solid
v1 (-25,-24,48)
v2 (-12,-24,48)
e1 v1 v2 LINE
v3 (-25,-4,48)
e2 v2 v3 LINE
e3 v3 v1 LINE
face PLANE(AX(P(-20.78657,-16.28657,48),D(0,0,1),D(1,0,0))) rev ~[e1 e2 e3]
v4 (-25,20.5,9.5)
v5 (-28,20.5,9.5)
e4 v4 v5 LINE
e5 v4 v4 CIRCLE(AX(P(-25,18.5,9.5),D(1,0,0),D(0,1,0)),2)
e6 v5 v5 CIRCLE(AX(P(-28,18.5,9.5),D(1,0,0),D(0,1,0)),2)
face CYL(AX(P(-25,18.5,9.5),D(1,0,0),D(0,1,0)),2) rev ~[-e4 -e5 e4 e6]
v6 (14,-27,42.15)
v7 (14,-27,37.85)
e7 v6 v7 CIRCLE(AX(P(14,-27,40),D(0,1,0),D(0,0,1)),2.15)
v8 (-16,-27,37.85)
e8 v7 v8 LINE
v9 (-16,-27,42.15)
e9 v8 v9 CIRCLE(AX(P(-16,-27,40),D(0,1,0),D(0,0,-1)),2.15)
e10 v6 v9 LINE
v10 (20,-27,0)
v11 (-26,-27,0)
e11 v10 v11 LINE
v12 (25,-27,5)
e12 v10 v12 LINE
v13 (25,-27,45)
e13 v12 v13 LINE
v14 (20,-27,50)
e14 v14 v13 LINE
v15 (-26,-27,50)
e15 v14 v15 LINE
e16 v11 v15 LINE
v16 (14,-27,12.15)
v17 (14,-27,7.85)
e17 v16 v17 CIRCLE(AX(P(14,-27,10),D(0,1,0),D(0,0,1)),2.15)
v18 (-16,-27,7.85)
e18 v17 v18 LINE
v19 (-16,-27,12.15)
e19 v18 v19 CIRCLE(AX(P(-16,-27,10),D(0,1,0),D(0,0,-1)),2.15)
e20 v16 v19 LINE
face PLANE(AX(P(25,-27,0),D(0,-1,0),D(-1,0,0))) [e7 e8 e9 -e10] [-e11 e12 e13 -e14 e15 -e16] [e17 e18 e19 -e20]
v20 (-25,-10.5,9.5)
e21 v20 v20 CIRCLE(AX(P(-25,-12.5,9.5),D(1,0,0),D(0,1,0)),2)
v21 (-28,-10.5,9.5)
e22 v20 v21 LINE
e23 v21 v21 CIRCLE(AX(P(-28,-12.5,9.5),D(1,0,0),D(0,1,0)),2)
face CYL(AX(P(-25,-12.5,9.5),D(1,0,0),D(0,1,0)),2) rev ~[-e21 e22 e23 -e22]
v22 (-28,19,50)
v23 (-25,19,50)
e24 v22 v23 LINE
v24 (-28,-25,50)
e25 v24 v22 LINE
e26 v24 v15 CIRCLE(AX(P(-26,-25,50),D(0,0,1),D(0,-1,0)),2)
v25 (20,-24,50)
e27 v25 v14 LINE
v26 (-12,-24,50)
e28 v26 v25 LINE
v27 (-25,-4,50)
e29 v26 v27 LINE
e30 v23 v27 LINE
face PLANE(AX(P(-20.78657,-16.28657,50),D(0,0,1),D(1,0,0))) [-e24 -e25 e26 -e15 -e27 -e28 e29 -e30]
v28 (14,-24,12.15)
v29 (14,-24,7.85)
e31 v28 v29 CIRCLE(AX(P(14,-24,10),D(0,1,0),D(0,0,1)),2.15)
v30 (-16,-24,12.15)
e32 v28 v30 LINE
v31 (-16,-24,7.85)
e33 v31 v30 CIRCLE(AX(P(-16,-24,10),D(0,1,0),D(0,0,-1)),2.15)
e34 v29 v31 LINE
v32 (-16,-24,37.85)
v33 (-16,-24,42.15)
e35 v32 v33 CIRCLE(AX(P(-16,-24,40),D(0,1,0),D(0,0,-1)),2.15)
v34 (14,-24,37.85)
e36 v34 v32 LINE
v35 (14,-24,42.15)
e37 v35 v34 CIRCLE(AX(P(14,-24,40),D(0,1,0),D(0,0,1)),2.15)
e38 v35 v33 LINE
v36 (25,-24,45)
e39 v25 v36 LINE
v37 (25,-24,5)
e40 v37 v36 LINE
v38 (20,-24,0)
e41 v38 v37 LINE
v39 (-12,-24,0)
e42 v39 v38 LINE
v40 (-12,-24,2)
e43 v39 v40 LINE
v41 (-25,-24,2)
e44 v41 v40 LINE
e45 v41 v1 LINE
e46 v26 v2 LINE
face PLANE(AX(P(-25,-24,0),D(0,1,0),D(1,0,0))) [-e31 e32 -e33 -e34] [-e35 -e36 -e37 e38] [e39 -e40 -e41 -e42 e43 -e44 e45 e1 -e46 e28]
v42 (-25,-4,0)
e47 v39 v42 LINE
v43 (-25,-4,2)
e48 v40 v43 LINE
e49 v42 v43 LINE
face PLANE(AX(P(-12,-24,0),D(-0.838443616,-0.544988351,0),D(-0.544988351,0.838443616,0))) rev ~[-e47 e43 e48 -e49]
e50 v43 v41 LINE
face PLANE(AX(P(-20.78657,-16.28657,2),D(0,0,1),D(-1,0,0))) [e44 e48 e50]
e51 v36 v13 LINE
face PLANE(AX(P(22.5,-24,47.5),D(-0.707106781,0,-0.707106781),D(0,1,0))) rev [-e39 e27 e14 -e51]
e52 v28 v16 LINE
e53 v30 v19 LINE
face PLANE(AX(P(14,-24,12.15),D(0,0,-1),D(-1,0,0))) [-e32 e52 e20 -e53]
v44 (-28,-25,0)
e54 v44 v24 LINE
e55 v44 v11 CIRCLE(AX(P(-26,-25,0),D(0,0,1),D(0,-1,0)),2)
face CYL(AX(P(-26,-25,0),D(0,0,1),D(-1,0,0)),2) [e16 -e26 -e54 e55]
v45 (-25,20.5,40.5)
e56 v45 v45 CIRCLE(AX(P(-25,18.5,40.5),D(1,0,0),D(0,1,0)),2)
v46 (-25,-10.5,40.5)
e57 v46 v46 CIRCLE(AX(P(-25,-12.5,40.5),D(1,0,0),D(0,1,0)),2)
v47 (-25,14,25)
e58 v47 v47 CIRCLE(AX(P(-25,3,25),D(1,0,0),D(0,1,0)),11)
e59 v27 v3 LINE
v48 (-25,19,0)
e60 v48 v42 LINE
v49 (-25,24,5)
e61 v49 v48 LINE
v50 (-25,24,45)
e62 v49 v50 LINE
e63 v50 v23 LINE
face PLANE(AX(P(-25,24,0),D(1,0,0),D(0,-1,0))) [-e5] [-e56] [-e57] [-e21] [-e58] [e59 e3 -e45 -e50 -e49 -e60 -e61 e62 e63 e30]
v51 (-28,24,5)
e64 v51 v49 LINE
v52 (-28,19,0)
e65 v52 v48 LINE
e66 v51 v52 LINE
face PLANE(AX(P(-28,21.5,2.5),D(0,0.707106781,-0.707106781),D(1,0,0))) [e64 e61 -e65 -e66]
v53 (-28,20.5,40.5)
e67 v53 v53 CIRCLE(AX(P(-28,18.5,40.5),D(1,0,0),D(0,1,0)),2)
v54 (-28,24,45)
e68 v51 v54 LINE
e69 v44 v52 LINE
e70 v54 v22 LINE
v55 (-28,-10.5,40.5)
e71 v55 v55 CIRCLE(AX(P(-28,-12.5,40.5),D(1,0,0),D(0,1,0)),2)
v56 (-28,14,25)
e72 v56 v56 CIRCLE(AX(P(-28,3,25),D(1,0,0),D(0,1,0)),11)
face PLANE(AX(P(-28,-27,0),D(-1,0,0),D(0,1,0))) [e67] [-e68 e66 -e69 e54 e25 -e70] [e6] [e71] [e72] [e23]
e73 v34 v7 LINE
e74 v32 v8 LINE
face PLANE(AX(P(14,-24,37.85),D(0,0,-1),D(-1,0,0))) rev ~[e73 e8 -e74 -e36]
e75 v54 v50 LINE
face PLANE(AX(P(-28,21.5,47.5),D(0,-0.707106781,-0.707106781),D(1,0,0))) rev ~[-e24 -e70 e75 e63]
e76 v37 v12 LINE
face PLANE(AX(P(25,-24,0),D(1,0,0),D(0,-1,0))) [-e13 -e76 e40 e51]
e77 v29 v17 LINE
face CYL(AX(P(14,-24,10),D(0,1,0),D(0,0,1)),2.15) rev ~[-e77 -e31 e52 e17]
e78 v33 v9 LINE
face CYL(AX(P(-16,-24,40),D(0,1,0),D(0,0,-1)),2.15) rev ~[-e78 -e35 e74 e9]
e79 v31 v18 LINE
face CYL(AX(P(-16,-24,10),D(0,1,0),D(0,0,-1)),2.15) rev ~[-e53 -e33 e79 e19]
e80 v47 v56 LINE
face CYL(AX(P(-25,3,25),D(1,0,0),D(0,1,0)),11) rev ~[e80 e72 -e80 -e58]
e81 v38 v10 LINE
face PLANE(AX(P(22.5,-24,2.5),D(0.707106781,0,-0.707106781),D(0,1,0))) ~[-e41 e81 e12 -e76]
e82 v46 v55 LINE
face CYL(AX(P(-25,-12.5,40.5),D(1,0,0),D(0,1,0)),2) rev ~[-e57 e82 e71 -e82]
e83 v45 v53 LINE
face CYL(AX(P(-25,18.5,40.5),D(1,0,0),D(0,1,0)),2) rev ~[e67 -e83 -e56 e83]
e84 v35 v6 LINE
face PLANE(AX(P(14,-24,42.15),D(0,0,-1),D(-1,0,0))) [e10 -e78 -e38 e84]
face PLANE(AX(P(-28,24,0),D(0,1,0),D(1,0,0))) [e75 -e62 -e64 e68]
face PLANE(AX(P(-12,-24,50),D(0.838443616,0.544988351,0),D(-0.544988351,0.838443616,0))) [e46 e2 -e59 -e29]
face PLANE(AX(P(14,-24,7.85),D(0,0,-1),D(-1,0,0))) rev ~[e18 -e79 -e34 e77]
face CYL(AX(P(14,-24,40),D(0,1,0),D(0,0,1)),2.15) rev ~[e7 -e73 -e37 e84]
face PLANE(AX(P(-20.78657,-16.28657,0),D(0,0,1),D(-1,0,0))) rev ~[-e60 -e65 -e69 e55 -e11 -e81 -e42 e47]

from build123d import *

# Parameters (mm, degrees)
PAD_DEPTH       = 50
SKETCH001_R     = 11
SKETCH001_R_2   = 2
POCKET_DEPTH    = 3
POCKET001_DEPTH = 3
CHAMFER_SIZE    = 5
FILLET_R        = 2
PAD001_DEPTH    = 2
PAD002_DEPTH    = 2


with BuildPart() as part:
    # Sketch → Pad (new body)
    with BuildSketch(Plane.XY):
        Polygon((-28, 24), (-25, 24), (-25, -24), (25, -24), (25, -27), (-28, -27), align=None)
    extrude(amount=PAD_DEPTH)

    # Sketch001 (on Face2 of Pad) → Pocket (cut)
    with BuildSketch(Plane.YZ.offset(-25)):
        with Locations((3, 25)):
            Circle(SKETCH001_R)
        with Locations((-12.5, 40.5)):
            Circle(SKETCH001_R_2)
        with Locations((18.5, 40.5)):
            Circle(SKETCH001_R_2)
        with Locations((-12.5, 9.5)):
            Circle(SKETCH001_R_2)
        with Locations((18.5, 9.5)):
            Circle(SKETCH001_R_2)
    extrude(amount=-POCKET_DEPTH, mode=Mode.SUBTRACT)

    # Sketch002 (on Face12 of Pocket) → Pocket001 (cut)
    with BuildSketch(Plane(origin=(0, -24, 0), x_dir=(-1, 0, 0), z_dir=(0, 1, 0))):
        with BuildLine():
            ThreePointArc((-14, 42.15), (-16.15, 40), (-14, 37.85))
            Line((-14, 37.85), (16, 37.85))
            ThreePointArc((16, 37.85), (18.15, 40), (16, 42.15))
            Line((-14, 42.15), (16, 42.15))
        make_face()
        with BuildLine():
            ThreePointArc((-14, 12.15), (-16.15, 10), (-14, 7.85))
            Line((-14, 7.85), (16, 7.85))
            ThreePointArc((16, 7.85), (18.15, 10), (16, 12.15))
            Line((-14, 12.15), (16, 12.15))
        make_face()
    extrude(amount=-POCKET001_DEPTH, mode=Mode.SUBTRACT)

    # Chamfer
    chamfer_edges = [part.edges().sort_by_distance(p)[0] for p in [
        (-26.5, 24, 0),
        (25, -25.5, 0),
        (-26.5, 24, 50),
        (25, -25.5, 50),
    ]]
    chamfer(chamfer_edges, length=CHAMFER_SIZE)

    # Fillet
    fillet_edges = [part.edges().sort_by_distance(p)[0] for p in [
        (-28, -27, 25),
    ]]
    fillet(fillet_edges, radius=FILLET_R)

    # Sketch003 (on Face5 of Fillet) → Pad001 (join)
    with BuildSketch(Plane.XY.offset(50)):
        Polygon((-25, -24), (-12, -24), (-25, -4), align=None)
    extrude(amount=-PAD001_DEPTH)

    # Sketch004 (on Face2 of Pad001) → Pad002 (join)
    with BuildSketch(Plane(origin=(0, 0, 0), x_dir=(1, 0, 0), z_dir=(0, 0, -1))):
        Polygon((-25, 24), (-12, 24), (-25, 4), align=None)
    extrude(amount=-PAD002_DEPTH)


solid = part.part
